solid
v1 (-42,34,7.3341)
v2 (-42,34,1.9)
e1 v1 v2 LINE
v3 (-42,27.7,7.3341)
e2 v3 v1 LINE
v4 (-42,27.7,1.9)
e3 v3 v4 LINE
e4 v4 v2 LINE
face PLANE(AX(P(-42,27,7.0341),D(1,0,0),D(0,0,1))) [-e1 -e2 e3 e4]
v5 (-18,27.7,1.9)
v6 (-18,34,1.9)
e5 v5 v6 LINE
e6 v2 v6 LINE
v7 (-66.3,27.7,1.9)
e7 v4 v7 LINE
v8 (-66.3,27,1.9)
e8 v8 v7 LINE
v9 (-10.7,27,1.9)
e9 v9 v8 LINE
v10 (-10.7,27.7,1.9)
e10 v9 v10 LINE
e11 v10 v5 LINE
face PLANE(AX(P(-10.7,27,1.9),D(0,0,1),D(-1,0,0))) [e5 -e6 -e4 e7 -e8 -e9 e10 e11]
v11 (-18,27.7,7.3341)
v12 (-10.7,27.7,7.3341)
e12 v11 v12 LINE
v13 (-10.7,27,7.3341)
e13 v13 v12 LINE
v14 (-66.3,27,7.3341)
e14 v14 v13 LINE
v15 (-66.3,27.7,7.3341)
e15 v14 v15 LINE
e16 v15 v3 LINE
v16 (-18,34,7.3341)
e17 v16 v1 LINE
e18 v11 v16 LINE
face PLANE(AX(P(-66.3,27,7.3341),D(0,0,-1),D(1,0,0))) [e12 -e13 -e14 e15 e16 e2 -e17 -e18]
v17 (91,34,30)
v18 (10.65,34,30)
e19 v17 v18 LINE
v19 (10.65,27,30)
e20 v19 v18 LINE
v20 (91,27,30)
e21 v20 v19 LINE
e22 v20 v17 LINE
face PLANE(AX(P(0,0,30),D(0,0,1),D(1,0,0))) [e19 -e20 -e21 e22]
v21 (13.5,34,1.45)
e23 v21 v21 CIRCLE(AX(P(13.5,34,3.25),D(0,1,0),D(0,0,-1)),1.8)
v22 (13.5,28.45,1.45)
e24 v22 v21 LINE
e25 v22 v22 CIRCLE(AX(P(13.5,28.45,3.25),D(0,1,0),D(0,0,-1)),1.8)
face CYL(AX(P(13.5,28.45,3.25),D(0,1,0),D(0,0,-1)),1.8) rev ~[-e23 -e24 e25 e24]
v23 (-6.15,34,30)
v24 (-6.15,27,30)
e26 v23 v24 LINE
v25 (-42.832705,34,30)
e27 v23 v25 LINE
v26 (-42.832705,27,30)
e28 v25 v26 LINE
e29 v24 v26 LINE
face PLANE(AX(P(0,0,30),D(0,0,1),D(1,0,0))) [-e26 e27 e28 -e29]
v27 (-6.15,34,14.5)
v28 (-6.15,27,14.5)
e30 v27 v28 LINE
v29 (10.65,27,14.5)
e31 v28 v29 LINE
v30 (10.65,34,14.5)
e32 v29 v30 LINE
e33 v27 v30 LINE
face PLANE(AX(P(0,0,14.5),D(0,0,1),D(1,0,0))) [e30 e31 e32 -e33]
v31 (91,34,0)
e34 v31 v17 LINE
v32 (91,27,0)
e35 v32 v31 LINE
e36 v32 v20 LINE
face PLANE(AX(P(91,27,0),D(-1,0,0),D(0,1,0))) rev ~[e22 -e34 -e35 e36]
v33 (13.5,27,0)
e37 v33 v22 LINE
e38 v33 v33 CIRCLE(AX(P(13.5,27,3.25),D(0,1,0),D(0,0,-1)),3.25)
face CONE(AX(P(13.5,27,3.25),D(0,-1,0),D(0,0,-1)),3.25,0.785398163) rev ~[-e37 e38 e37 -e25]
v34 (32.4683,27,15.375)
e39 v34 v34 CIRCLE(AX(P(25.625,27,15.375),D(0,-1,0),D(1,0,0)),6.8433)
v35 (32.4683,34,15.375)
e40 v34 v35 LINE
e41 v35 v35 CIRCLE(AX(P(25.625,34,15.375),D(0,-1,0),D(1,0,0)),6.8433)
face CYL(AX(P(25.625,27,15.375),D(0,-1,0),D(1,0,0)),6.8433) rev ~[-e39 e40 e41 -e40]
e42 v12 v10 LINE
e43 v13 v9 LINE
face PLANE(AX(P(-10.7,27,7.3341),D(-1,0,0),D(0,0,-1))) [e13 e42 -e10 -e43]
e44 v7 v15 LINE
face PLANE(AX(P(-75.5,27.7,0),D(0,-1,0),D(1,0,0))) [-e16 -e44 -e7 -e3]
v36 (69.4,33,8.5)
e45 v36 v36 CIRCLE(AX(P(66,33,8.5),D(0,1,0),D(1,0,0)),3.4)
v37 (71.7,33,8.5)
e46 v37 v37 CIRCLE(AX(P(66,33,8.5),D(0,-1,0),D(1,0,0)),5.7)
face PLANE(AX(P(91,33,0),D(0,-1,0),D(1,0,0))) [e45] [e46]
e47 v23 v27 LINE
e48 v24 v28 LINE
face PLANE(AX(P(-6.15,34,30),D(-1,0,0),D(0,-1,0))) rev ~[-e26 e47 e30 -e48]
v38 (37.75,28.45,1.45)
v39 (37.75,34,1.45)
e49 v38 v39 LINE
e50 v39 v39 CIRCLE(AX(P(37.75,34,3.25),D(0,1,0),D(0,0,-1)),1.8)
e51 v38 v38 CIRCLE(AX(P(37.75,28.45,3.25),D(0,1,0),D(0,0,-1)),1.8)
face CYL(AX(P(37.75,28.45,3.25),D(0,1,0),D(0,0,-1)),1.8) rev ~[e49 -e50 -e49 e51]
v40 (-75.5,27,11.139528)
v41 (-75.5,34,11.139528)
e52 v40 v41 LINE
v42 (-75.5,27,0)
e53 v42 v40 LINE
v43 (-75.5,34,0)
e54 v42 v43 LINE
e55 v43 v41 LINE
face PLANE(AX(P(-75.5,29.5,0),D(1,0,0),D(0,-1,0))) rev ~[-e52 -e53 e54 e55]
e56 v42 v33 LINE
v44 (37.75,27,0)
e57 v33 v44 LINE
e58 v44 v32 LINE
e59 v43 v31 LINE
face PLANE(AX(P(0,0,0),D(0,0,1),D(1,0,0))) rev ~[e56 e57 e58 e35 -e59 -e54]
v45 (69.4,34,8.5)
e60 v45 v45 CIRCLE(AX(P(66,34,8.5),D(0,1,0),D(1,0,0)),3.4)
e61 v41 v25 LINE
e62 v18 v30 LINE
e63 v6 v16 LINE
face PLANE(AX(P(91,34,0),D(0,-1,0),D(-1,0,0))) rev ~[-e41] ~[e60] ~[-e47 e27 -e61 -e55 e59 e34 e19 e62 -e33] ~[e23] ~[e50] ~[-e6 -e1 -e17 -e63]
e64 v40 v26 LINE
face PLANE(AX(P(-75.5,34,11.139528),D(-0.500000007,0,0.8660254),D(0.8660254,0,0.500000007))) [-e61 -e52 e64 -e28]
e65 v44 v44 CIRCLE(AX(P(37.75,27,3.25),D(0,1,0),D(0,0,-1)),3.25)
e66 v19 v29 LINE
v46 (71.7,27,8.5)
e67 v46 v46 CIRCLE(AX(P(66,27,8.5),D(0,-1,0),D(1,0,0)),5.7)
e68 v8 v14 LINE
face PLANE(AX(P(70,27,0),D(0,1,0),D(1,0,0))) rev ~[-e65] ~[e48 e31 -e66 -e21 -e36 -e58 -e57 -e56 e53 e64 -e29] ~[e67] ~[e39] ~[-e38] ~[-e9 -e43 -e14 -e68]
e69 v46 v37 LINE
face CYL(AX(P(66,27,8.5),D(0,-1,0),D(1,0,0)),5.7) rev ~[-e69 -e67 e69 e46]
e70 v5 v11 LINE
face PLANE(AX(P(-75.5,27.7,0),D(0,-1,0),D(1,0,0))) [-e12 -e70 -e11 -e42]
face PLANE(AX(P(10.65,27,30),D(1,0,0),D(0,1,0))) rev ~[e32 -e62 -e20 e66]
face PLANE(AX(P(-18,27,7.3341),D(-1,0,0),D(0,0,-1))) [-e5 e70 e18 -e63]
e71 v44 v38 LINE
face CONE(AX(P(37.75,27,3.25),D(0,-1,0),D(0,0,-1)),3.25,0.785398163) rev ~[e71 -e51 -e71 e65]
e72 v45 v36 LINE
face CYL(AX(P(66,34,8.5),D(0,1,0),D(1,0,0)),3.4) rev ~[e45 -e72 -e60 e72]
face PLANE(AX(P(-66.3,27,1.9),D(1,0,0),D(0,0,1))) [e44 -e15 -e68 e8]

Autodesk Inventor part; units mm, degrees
ref_plane "YZ Plane" through (0, 0, 0) normal (1, 0, 0) x (0, 1, 0)
ref_plane "XZ Plane" through (0, 0, 0) normal (0, 1, 0) x (-1, 0, 0)
ref_plane "XY Plane" through (0, 0, 0) normal (0, 0, 1) x (1, 0, 0)
sketch "Sketch1" plane through (0, 0, 0) normal (0, 0, 1) x (1, 0, 0)
  line L0 (91, -34) -> (91, 34) projected
  line L1 (91, 34) -> (41, 34) projected
  line L2 (41, 34) -> (41, 89) projected
  line L3 (41, 89) -> (-91, 89) projected
  line L4 (-91, 89) -> (-91, -89) projected
  line L5 (-91, -89) -> (41, -89) projected
  line L6 (41, -89) -> (41, -34) projected
  line L7 (41, -34) -> (91, -34) projected
  line L8 (70, 27) -> (62, 27) projected
  line L9 (91, 34) -> (-87, 34)
  line L10 (-87, 34) -> (-87, 27)
  line L11 (-87, 27) -> (91, 27)
  line L12 (91, 27) -> (91, 34)
  circle A0 centre (-83, 21.5) radius 1.2295 projected
  circle A1 centre (-83, -64.5) radius 1.2295 projected
  circle A2 centre (-83, -21.5) radius 1.2295 projected
  circle A3 centre (-83, 64.5) radius 1.2295 projected
  line L13 (-85, -72) -> (-76, -72) projected
  line L14 (-76, -72) -> (-76, -57) projected
  line L15 (-76, -57) -> (-85, -57) projected
  arc A4 (-87, -55) -> (-85, -57) centre (-85, -55) ccw projected
  line L16 (-87, -55) -> (-87, -31) projected
  arc A5 (-85, -29) -> (-87, -31) centre (-85, -31) ccw projected
  line L17 (-85, -29) -> (-76, -29) projected
  line L18 (-76, -29) -> (-76, -14) projected
  line L19 (-76, -14) -> (-85, -14) projected
  arc A6 (-87, -12) -> (-85, -14) centre (-85, -12) ccw projected
  line L20 (-87, -12) -> (-87, 12) projected
  arc A7 (-85, 14) -> (-87, 12) centre (-85, 12) ccw projected
  line L21 (-85, 14) -> (-76, 14) projected
  line L22 (-76, 14) -> (-76, 29) projected
  line L23 (-76, 29) -> (-85, 29) projected
  arc A8 (-87, 31) -> (-85, 29) centre (-85, 31) ccw projected
  line L24 (-87, 31) -> (-87, 55) projected
  arc A9 (-85, 57) -> (-87, 55) centre (-85, 55) ccw projected
  line L25 (-85, 57) -> (-76, 57) projected
  line L26 (-76, 57) -> (-76, 72) projected
  line L27 (-76, 72) -> (-85, 72) projected
  arc A10 (-87, 74) -> (-85, 72) centre (-85, 74) ccw projected
  line L28 (-87, 74) -> (-87, 89) projected
  line L29 (-91, 89) -> (-87, 89) projected
  line L30 (-91, -89) -> (-91, 89) projected
  line L31 (-91, -89) -> (-87, -89) projected
  line L32 (-87, -89) -> (-87, -74) projected
  arc A11 (-85, -72) -> (-87, -74) centre (-85, -74) ccw projected
  line L33 (-91, 89.5) -> (-86.5, 89.5)
  line L34 (-86.5, 89.5) -> (-86.5, 74)
  arc A12 (-86.5, 74) -> (-85, 72.5) centre (-85, 74) ccw
  line L35 (-85, 72.5) -> (-75.5, 72.5)
  line L36 (-75.5, 72.5) -> (-75.5, 56.5)
  line L37 (-75.5, 56.5) -> (-85, 56.5)
  arc A13 (-85, 56.5) -> (-86.5, 55) centre (-85, 55) ccw
  line L38 (-86.5, 55) -> (-86.5, 31)
  arc A14 (-86.5, 31) -> (-85, 29.5) centre (-85, 31) ccw
  line L39 (-85, 29.5) -> (-75.5, 29.5)
  line L40 (-75.5, 29.5) -> (-75.5, 13.5)
  line L41 (-75.5, 13.5) -> (-85, 13.5)
  arc A15 (-85, 13.5) -> (-86.5, 12) centre (-85, 12) ccw
  line L42 (-86.5, 12) -> (-86.5, -12)
  arc A16 (-86.5, -12) -> (-85, -13.5) centre (-85, -12) ccw
  line L43 (-85, -13.5) -> (-75.5, -13.5)
  line L44 (-75.5, -13.5) -> (-75.5, -29.5)
  line L45 (-75.5, -29.5) -> (-85, -29.5)
  arc A17 (-85, -29.5) -> (-86.5, -31) centre (-85, -31) ccw
  line L46 (-86.5, -31) -> (-86.5, -55)
  arc A18 (-86.5, -55) -> (-85, -56.5) centre (-85, -55) ccw
  line L47 (-85, -56.5) -> (-75.5, -56.5)
  line L48 (-75.5, -56.5) -> (-75.5, -72.5)
  line L49 (-75.5, -72.5) -> (-85, -72.5)
  arc A19 (-85, -72.5) -> (-86.5, -74) centre (-85, -74) ccw
  line L50 (-86.5, -74) -> (-86.5, -89.5)
  line L51 (-86.5, -89.5) -> (-91, -89.5)
  line L52 (-86.5, 31) -> (-75.5, 31)
  line L53 (-75.5, 31) -> (-75.5, 29.5)
  line L54 (-75.5, 31) -> (-75.5, 34)
  point P0 (0, 0)
  point P1 (-75.5, 27)
  point P2 (-86.5, 34)
  dimension "d6" = 0.5
extrude "Extrusion1" add sketch "Sketch1" along normal blind 30 contours L11 L8 L40 L53 L54 L9 L1 L0
sketch "Sketch3" plane through (-86.5, 34, 0) normal (0, 1, 0) x (1, 0, 0)
  line L0 (-0.5, -4.5) -> (-0.5, 0) projected
  line L1 (-0.5, 0) -> (-4.5, 0) projected
  line L2 (-4.5, 0) -> (-4.5, 3.5) projected
  line L3 (-4.5, 3.5) -> (-18.5, 3.5) projected
  line L4 (-18.5, 3.5) -> (-4.5, -5.5) projected
  line L5 (-4.5, -5.5) -> (-4.5, -4.5) projected
  line L6 (-4.5, -4.5) -> (-0.5, -4.5) projected
  line L7 (-0.5, -4.5) -> (50.0525, -33.6865)
  line L8 (177.5, 0) -> (11, 0) projected
  line L9 (177.5, -30) -> (11, -30) projected
  line L10 (177.5, 0) -> (177.5, -30) projected
  line L11 (11, 0) -> (11, -30) projected
  point P0 (86.5, 0)
  point P1 (43.6673, -30)
  point P2 (11, -11.1395)
  dimension "d7" = 30
extrude "Extrusion4" cut sketch "Sketch3" against normal blind 30 contours L7 L9 L11
sketch "Sketch5" plane through (-75.5, 27, 0) normal (0, -1, 0) x (1, 0, 0)
  line L0 (56.5, 7.0341) -> (57.5, 7.0341) projected
  line L1 (34.5, 7.0341) -> (56.5, 7.0341) projected
  line L2 (33.5, 7.0341) -> (33.5, 6.6226)
  line L3 (33.5, 6.6226) -> (9.5, 6.6226)
  line L4 (9.5, 6.6226) -> (9.5, 7.0341)
  line L5 (9.5, 7.0341) -> (33.5, 7.0341)
  line L6 (64.5, 7.0341) -> (64.5, 6.6226)
  line L7 (64.5, 6.6226) -> (57.5, 6.6226)
  line L8 (57.5, 6.6226) -> (57.5, 7.0341)
  line L9 (57.5, 7.0341) -> (64.5, 7.0341)
  line L10 (9.5, 2) -> (9.5, 2.6226)
  line L11 (9.5, 2.6226) -> (64.5, 2.6226)
  line L12 (64.5, 2.6226) -> (64.5, 2)
  line L13 (64.5, 2) -> (9.5, 2)
  line L14 (9.5, 7.0341) -> (64.5, 7.0341)
  line L15 (64.5, 7.0341) -> (64.5, 2)
  line L16 (64.5, 2) -> (9.5, 2)
  line L17 (9.5, 2) -> (9.5, 7.0341)
  line L18 (9.2, 7.3341) -> (64.8, 7.3341)
  line L19 (64.8, 7.3341) -> (64.8, 1.9)
  line L20 (64.8, 1.9) -> (9.2, 1.9)
  line L21 (9.2, 1.9) -> (9.2, 7.3341)
  point P0 (75.5, 0)
  dimension "d19" = 0.3
  dimension "d20" = 0.3
  dimension "d21" = 0.1
  dimension "d22" = 0.3
extrude "Extrusion6" cut sketch "Sketch5" against normal blind 0.7 contours L0 L8 L7 L15 L11 L17 L3 L2 L14 L1 | L9 L6 L7 L8 | L2 L3 L4 L5 | L12 L13 L10 L11 | L18 L19 L20 L21
sketch "Sketch6" plane through (-75.5, 27, 0) normal (0, -1, 0) x (1, 0, 0)
  line L0 (33.5, 7.0341) -> (34.5, 7.0341) projected
  line L1 (34.5, 7.0341) -> (56.5, 7.0341) projected
  line L2 (56.5, 7.0341) -> (57.5, 7.0341) projected
  line L3 (64.8, 1.9) -> (9.2, 1.9) projected
  line L4 (64.8, 7.3341) -> (64.8, 1.9) projected
  line L5 (9.2, 7.3341) -> (64.8, 7.3341) projected
  line L6 (9.2, 1.9) -> (9.2, 7.3341) projected
  line L7 (33.5, 7.3341) -> (57.5, 7.3341)
  line L8 (57.5, 7.3341) -> (57.5, 1.9)
  line L9 (57.5, 1.9) -> (33.5, 1.9)
  line L10 (33.5, 1.9) -> (33.5, 7.3341)
  point P0 (75.5, 0)
extrude "Extrusion7" cut sketch "Sketch6" against normal up to next contours L10 L5 L8 L2 L1 L0 | L0 L1 L2 L8 L3 L10
sketch "Sketch7" plane through (0, 0, 30) normal (0, 0, 1) x (1, 0, 0)
  line L0 (10.25, -34) -> (10.25, 34) projected
  line L1 (10.25, 34) -> (-5.75, 34) projected
  line L2 (-5.75, -34) -> (-5.75, 34) projected
  line L3 (10.25, -34) -> (-5.75, -34) projected
  line L4 (-42.8327, 27) -> (91, 27) projected
  line L5 (10.25, 34) -> (-5.75, 34)
  line L6 (-5.75, 34) -> (-5.75, 27)
  line L7 (-5.75, 27) -> (10.25, 27)
  line L8 (10.25, 27) -> (10.25, 34)
  line L9 (10.65, 34) -> (-6.15, 34)
  line L10 (-6.15, 34) -> (-6.15, 27)
  line L11 (-6.15, 27) -> (10.65, 27)
  line L12 (10.65, 27) -> (10.65, 34)
  point P0 (0, 0)
  dimension "d27" = 0.4
  dimension "d28" = 0.4
extrude "Extrusion8" cut sketch "Sketch7" against normal blind 15.5 contours L4 L2 L1 L0 | L0 L9 L12 L4 | L4 L10 L9 L2
sketch "Sketch8" plane through (-75.5, 27, 0) normal (0, -1, 0) x (1, 0, 0)
  circle A0 centre (89, 3.25) radius 1.8 projected
  circle A1 centre (113.25, 3.25) radius 1.8 projected
  point P0 (75.5, 0)
hole "Hole1" at (13.5, 27, 3.25) at (37.75, 27, 3.25) direction (0, 1, 0) diameter 3.6 end through all countersink diameter 6.5 countersink angle 90 clearance for "Countersunk Flat Head Screw ISO 2009/7046" size "M3" standard "ISO"
sketch "Sketch9" plane through (91, 27, 0) normal (0, -1, 0) x (1, 0, 0)
  arc A0 (-67.8175, 18.3693) -> (-69.7313, 19.2694) centre (-70.7618, 14.5935) ccw projected
  arc A1 (-69.7313, 19.2694) -> (-70.2869, 18.54) centre (-65.375, 15.375) ccw projected
  arc A2 (-70.2869, 18.54) -> (-68.9106, 16.9341) centre (-66.053, 20.7758) ccw projected
  arc A3 (-68.9106, 16.9341) -> (-69.111, 16.3618) centre (-65.375, 15.375) ccw projected
  arc A4 (-69.111, 16.3618) -> (-71.1884, 15.965) centre (-69.2737, 11.5765) ccw projected
  arc A5 (-71.1884, 15.965) -> (-71.2091, 15.0484) centre (-65.375, 15.375) ccw projected
  arc A6 (-71.2091, 15.0484) -> (-69.1518, 14.5581) centre (-69.098, 19.3459) ccw projected
  arc A7 (-69.1518, 14.5581) -> (-68.9775, 13.9774) centre (-65.375, 15.375) ccw projected
  arc A8 (-68.9775, 13.9774) -> (-70.425, 12.4353) centre (-66.2964, 10.0103) ccw projected
  arc A9 (-70.425, 12.4353) -> (-69.9029, 11.6815) centre (-65.375, 15.375) ccw projected
  arc A10 (-69.9029, 11.6815) -> (-67.9503, 12.4942) centre (-70.721, 16.3992) ccw projected
  arc A11 (-67.9503, 12.4942) -> (-67.468, 12.1268) centre (-65.375, 15.375) ccw projected
  arc A12 (-67.468, 12.1268) -> (-67.7326, 10.0285) centre (-62.9672, 10.4933) ccw projected
  arc A13 (-67.7326, 10.0285) -> (-66.8672, 9.7255) centre (-65.375, 15.375) ccw projected
  arc A14 (-66.8672, 9.7255) -> (-65.7652, 11.5306) centre (-70.302, 13.0613) ccw projected
  arc A15 (-65.7652, 11.5306) -> (-65.159, 11.5169) centre (-65.375, 15.375) ccw projected
  arc A16 (-65.159, 11.5169) -> (-64.1397, 9.6638) centre (-60.5576, 12.8409) ccw projected
  arc A17 (-64.1397, 9.6638) -> (-63.2615, 9.9273) centre (-65.375, 15.375) ccw projected
  arc A18 (-63.2615, 9.9273) -> (-63.431, 12.0355) centre (-68.0011, 10.6071) ccw projected
  arc A19 (-63.431, 12.0355) -> (-62.9325, 12.3807) centre (-65.375, 15.375) ccw projected
  arc A20 (-62.9325, 12.3807) -> (-61.0187, 11.4806) centre (-59.9882, 16.1565) ccw projected
  arc A21 (-61.0187, 11.4806) -> (-60.4631, 12.21) centre (-65.375, 15.375) ccw projected
  arc A22 (-60.4631, 12.21) -> (-61.8394, 13.8159) centre (-64.697, 9.9742) ccw projected
  arc A23 (-61.8394, 13.8159) -> (-61.639, 14.3882) centre (-65.375, 15.375) ccw projected
  arc A24 (-61.639, 14.3882) -> (-59.5616, 14.785) centre (-61.4763, 19.1735) ccw projected
  arc A25 (-59.5616, 14.785) -> (-59.5409, 15.7016) centre (-65.375, 15.375) ccw projected
  arc A26 (-59.5409, 15.7016) -> (-61.5982, 16.1919) centre (-61.652, 11.4041) ccw projected
  arc A27 (-61.5982, 16.1919) -> (-61.7725, 16.7726) centre (-65.375, 15.375) ccw projected
  arc A28 (-61.7725, 16.7726) -> (-60.325, 18.3147) centre (-64.4536, 20.7397) ccw projected
  arc A29 (-60.325, 18.3147) -> (-60.8471, 19.0685) centre (-65.375, 15.375) ccw projected
  arc A30 (-60.8471, 19.0685) -> (-62.7997, 18.2558) centre (-60.029, 14.3508) ccw projected
  arc A31 (-62.7997, 18.2558) -> (-63.282, 18.6232) centre (-65.375, 15.375) ccw projected
  arc A32 (-63.282, 18.6232) -> (-63.0174, 20.7215) centre (-67.7828, 20.2567) ccw projected
  arc A33 (-63.0174, 20.7215) -> (-63.8828, 21.0245) centre (-65.375, 15.375) ccw projected
  arc A34 (-63.8828, 21.0245) -> (-64.9848, 19.2194) centre (-60.448, 17.6887) ccw projected
  arc A35 (-64.9848, 19.2194) -> (-65.591, 19.2331) centre (-65.375, 15.375) ccw projected
  arc A36 (-65.591, 19.2331) -> (-66.6103, 21.0862) centre (-70.1924, 17.9091) ccw projected
  arc A37 (-66.6103, 21.0862) -> (-67.4885, 20.8227) centre (-65.375, 15.375) ccw projected
  arc A38 (-67.4885, 20.8227) -> (-67.319, 18.7145) centre (-62.7489, 20.1429) ccw projected
  arc A39 (-67.319, 18.7145) -> (-67.8175, 18.3693) centre (-65.375, 15.375) ccw projected
  circle A40 centre (-65.375, 15.375) radius 5.8433
  circle A41 centre (-65.375, 15.375) radius 6.8433
  circle A42 centre (-25, 8.5) radius 5.5 projected
  point P0 (-91, 0)
  dimension "d38" = 1
extrude "Extrusion9" cut sketch "Sketch9" against normal up to next contours A39 A38 A37 A36 A35 A34 A33 A32 A31 A30 A29 A28 A27 A26 A25 A24 A23 A22 A21 A20 A19 A18 A17 A16 A15 A14 A13 A12 A11 A10 A9 A8 A7 A6 A5 A4 A3 A2 A1 A0 | A0 A40 A38 A39 | A2 A3 A4 A40 | A40 A34 A35 A36 | A6 A7 A8 A40 | A40 A30 A31 A32 | A10 A11 A12 A40 | A40 A26 A27 A28 | A14 A15 A16 A40 | A18 A19 A20 A40 | A40 A22 A23 A24 | A41
sketch "Sketch10" plane through (91, 27, 0) normal (0, -1, 0) x (1, 0, 0)
  circle A0 centre (-25, 8.5) radius 5.5 projected
  circle A1 centre (-25, 8.5) radius 5.7
  point P0 (-91, 0)
  dimension "d41" = 0.2
extrude "Extrusion10" cut sketch "Sketch10" against normal blind 6 contours A0 | A1
sketch "Sketch11" plane through (-75.5, 34, 0) normal (0, 1, 0) x (1, 0, 0)
  circle A0 centre (141.5, -8.5) radius 1.2295 projected
  line L0 (143.8461, -6.6303) -> (139.813, -6.0193) projected
  arc A1 (139.813, -6.0193) -> (139.1539, -10.3697) centre (141.5, -8.5) ccw projected
  line L1 (139.1539, -10.3697) -> (143.187, -10.9807) projected
  arc A2 (143.187, -10.9807) -> (143.8461, -6.6303) centre (141.5, -8.5) ccw projected
  circle A3 centre (141.5, -8.5) radius 5.7 projected
  circle A4 centre (141.5, -8.5) radius 3
  circle A5 centre (141.5, -8.5) radius 3.4
  point P0 (75.5, 0)
  dimension "d44" = 0.4
extrude "Extrusion11" cut sketch "Sketch11" against normal blind 6 contours A0 | A2 L1 A1 L0 | L0 A4 | L1 A4 | A5
properties part number "right_hold"
